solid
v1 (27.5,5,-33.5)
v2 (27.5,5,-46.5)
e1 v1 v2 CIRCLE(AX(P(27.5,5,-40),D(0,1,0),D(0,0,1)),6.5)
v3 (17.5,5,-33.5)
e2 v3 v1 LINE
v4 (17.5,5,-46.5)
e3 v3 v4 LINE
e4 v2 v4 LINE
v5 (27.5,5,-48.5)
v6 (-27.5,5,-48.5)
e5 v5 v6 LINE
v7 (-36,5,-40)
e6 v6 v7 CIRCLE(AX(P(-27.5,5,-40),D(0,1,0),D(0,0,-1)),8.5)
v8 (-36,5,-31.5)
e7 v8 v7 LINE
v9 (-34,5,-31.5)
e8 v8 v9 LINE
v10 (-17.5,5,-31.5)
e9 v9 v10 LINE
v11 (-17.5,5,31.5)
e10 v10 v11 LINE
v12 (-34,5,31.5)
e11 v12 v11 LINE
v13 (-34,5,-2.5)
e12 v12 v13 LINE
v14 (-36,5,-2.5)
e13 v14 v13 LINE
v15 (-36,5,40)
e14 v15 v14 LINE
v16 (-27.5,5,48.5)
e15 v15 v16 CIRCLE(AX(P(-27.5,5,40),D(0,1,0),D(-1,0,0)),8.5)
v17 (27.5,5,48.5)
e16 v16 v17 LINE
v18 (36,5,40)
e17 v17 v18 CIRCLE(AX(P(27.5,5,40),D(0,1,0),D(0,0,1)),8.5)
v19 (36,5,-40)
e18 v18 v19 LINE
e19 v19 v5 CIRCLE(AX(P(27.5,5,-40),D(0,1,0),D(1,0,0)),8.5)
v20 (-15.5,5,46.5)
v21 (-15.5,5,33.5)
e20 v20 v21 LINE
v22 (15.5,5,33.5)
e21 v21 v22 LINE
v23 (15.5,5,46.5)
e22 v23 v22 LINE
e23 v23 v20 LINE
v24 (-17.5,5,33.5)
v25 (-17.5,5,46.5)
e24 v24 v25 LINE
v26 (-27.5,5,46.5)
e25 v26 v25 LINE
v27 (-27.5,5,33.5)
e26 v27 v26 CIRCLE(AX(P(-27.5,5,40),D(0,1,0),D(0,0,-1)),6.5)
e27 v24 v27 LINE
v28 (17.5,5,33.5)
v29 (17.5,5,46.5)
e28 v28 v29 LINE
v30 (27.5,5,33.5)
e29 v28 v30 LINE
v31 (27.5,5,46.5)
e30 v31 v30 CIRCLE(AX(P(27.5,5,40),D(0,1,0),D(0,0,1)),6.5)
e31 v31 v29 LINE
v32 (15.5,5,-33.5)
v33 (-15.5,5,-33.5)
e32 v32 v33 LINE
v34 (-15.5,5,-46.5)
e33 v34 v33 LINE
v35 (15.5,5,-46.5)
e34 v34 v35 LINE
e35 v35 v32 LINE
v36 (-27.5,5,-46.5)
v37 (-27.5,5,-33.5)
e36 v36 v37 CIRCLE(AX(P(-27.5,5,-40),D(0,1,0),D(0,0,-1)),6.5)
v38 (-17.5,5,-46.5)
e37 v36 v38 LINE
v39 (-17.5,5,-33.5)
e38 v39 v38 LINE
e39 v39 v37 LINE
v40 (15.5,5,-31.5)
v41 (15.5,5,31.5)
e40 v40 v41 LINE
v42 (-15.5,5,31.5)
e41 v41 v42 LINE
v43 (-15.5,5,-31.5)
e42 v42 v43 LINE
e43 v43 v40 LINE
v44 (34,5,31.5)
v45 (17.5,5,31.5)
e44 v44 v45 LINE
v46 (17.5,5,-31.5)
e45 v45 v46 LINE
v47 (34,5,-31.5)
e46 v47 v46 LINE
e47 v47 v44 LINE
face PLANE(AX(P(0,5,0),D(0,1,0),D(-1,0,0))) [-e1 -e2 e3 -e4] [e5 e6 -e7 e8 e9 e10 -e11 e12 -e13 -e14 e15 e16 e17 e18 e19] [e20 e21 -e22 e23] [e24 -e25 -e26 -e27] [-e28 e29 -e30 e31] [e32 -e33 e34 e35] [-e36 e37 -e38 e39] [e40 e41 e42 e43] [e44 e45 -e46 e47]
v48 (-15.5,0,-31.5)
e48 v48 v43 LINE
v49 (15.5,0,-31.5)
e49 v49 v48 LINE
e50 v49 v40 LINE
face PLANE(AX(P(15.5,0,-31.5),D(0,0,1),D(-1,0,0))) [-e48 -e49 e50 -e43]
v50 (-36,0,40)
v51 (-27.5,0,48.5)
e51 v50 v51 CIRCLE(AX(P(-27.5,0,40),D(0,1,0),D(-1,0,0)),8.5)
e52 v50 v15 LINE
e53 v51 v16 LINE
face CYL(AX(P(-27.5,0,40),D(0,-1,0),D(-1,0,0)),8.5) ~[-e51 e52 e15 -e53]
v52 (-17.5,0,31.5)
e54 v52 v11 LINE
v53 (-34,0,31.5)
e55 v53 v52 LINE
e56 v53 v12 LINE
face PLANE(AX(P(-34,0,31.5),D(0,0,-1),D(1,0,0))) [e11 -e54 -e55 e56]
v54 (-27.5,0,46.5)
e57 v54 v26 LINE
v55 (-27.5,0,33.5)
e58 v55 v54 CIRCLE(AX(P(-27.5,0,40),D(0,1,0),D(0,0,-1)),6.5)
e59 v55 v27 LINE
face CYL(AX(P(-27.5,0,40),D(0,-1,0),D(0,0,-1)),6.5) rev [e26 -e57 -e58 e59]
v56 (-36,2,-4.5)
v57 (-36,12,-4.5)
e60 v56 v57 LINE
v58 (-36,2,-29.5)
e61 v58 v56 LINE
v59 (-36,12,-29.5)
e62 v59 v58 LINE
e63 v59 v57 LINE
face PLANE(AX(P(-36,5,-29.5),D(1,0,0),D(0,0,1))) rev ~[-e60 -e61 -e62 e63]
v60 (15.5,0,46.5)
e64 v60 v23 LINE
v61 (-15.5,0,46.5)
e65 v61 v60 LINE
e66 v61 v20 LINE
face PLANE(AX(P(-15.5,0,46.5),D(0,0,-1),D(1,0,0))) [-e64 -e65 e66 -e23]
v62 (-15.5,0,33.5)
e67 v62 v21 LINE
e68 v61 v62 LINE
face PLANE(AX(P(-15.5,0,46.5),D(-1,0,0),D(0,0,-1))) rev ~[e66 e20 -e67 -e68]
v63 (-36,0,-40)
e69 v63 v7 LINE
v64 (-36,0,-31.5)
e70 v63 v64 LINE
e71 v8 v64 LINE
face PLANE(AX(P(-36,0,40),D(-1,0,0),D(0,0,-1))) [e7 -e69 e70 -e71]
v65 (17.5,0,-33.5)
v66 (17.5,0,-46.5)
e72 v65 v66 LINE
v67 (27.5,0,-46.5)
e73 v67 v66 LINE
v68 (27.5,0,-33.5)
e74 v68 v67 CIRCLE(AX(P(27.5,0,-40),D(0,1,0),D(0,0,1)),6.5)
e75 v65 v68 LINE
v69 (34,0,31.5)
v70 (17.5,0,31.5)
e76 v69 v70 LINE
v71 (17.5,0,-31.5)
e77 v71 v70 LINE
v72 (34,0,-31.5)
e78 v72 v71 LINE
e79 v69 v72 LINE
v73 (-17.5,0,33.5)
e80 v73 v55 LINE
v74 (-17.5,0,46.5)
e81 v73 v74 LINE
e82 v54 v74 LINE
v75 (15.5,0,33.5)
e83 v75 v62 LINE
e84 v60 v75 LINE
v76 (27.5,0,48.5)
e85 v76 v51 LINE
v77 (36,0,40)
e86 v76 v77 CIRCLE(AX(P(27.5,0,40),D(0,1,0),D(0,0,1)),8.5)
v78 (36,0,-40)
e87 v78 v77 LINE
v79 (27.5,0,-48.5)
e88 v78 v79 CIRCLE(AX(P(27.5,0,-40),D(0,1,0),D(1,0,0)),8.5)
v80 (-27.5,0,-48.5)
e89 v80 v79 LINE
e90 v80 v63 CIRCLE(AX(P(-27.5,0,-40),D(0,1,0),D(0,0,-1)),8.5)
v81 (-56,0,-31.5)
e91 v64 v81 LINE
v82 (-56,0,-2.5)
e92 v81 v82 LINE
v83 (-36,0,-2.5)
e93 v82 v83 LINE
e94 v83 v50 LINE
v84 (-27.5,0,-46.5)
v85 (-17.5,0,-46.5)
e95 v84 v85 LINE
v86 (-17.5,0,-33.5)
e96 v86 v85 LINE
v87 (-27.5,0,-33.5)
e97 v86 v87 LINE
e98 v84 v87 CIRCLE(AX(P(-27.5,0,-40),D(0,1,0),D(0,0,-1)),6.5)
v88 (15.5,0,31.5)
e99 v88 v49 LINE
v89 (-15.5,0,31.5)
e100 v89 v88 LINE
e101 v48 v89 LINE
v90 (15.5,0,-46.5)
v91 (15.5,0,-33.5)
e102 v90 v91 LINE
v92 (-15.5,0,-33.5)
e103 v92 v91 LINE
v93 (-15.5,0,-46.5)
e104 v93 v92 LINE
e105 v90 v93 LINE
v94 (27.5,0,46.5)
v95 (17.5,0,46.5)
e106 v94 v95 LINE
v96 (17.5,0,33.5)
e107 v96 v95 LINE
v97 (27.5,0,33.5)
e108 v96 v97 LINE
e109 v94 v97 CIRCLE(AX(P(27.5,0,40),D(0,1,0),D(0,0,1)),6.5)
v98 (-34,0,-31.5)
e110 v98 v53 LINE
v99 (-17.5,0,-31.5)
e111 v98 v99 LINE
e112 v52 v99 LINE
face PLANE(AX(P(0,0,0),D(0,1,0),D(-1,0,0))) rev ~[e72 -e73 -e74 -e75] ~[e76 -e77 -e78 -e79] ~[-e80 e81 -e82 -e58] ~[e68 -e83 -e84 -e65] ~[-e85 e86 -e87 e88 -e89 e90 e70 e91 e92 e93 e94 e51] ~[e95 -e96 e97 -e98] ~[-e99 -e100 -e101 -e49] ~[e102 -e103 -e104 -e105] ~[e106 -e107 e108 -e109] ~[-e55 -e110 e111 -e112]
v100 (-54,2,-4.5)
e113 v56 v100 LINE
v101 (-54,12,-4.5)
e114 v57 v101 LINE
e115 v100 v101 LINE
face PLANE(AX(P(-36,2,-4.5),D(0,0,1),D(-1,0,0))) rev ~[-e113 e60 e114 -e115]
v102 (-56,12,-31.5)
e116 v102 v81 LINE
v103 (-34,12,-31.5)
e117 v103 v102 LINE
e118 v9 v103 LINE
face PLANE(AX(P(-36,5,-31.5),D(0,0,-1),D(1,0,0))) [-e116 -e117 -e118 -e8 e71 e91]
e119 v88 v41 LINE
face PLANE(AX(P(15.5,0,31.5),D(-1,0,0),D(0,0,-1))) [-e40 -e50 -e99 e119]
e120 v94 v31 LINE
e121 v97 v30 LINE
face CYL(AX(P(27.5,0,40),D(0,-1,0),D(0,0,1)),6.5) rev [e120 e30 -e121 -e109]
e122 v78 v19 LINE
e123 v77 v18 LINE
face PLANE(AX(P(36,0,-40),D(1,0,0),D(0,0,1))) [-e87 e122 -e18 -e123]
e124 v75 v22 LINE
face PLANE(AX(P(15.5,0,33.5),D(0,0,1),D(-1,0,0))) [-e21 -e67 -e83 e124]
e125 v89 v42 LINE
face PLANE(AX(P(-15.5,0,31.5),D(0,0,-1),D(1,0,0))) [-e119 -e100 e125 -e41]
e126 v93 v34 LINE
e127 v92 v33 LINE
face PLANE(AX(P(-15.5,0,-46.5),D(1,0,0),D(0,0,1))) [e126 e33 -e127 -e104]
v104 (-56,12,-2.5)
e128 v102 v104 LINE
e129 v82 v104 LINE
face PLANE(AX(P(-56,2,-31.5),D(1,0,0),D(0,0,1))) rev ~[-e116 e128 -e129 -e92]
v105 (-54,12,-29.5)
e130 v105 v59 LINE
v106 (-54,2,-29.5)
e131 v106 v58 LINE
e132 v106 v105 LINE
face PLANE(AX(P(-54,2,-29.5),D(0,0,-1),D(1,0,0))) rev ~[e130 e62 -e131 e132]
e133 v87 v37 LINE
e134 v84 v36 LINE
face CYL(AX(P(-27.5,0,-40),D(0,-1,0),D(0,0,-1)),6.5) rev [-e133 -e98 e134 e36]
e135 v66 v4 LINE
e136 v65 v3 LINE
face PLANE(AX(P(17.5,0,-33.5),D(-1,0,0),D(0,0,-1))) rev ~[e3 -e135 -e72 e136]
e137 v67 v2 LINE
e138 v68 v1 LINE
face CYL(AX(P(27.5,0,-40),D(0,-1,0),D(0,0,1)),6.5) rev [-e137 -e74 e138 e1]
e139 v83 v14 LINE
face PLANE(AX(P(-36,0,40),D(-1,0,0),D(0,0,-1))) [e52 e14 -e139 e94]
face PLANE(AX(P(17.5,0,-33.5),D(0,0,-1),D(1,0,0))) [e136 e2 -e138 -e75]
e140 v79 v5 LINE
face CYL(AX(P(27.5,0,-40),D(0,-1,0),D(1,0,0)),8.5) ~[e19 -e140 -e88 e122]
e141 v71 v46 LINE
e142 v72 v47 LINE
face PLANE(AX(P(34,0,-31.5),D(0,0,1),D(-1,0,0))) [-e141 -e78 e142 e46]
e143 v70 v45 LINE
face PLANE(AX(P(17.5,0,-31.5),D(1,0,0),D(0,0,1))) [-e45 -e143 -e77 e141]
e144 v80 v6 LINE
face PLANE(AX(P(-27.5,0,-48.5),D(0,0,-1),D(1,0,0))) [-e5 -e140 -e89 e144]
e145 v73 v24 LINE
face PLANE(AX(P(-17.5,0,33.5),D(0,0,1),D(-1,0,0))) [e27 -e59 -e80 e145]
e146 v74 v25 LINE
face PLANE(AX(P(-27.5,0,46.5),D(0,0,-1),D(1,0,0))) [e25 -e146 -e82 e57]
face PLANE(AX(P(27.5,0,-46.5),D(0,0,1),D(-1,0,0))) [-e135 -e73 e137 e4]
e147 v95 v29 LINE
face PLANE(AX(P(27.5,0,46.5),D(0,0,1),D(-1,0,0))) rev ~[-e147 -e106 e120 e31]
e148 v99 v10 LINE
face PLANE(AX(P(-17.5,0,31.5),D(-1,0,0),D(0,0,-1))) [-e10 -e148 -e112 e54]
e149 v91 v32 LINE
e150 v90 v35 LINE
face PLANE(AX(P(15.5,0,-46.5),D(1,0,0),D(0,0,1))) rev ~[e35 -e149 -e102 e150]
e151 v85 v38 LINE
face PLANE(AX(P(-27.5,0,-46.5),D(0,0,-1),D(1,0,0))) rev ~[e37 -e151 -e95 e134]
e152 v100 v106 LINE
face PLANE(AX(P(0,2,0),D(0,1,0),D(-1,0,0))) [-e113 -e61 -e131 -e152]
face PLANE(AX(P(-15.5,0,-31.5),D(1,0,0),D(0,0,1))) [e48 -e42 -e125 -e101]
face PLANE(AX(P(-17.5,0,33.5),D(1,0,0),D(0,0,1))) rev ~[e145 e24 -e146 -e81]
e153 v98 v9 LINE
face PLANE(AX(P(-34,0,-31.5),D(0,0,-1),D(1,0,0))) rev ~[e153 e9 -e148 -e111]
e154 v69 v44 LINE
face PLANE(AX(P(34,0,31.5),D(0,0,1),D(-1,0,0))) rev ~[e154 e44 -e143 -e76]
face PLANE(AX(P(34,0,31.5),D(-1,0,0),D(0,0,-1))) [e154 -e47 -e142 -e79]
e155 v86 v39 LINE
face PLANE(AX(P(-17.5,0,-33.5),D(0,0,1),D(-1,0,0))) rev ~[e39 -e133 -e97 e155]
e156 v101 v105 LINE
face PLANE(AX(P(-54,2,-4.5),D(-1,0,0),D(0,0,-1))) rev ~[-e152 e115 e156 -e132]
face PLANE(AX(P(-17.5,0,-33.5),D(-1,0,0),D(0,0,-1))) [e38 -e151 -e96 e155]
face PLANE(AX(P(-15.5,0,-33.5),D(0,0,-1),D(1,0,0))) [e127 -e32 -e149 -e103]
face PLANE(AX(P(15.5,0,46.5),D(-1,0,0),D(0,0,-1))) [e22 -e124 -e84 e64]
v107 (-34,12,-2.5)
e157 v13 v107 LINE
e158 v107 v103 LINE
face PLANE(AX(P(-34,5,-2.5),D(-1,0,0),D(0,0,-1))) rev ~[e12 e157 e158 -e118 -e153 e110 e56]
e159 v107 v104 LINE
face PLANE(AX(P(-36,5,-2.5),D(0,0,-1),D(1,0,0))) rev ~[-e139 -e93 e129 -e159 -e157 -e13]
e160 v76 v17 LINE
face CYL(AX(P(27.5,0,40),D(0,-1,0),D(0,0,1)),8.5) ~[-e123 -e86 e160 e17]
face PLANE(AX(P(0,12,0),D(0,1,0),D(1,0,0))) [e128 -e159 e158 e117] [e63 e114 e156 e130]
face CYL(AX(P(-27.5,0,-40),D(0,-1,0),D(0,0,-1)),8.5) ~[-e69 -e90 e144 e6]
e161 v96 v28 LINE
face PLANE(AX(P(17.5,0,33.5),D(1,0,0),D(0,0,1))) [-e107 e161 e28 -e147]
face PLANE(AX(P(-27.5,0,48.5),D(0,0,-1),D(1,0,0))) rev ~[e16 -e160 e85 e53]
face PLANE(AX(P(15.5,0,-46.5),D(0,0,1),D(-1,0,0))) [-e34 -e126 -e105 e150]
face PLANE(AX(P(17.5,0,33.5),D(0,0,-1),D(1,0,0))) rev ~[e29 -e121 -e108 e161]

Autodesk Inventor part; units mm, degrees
ref_plane "YZ Plane" through (0, 0, 0) normal (1, 0, 0) x (0, 1, 0)
ref_plane "XZ Plane" through (0, 0, 0) normal (0, 1, 0) x (-1, 0, 0)
ref_plane "XY Plane" through (0, 0, 0) normal (0, 0, 1) x (1, 0, 0)
sketch "Sketch1" plane through (0, 0, 0) normal (0, 1, 0) x (-1, 0, 0)
  line L0 (36, 40) -> (36, 0)
  arc A0 (36, 40) -> (27.5, 48.5) centre (27.5, 40) ccw
  line L1 (27.5, 48.5) -> (0, 48.5)
  line L2 (0, 48.5) -> (0, 0) construction
  arc A1 (27.5, 33.5) -> (27.5, 46.5) centre (27.5, 40) ccw
  line L3 (27.5, 46.5) -> (17.5, 46.5)
  line L4 (17.5, 33.5) -> (27.5, 33.5)
  line L5 (17.5, 33.5) -> (17.5, 46.5)
  line L6 (17.5, 31.5) -> (17.5, 0)
  line L7 (15.5, 33.5) -> (0, 33.5)
  line L8 (15.5, 46.5) -> (0, 46.5)
  line L9 (15.5, 46.5) -> (15.5, 33.5)
  line L10 (15.5, 31.5) -> (15.5, 0)
  line L11 (34, 31.5) -> (17.5, 31.5)
  line L12 (15.5, 31.5) -> (0, 31.5)
  line L13 (34, 31.5) -> (34, 0)
  line L14 (36, 0) -> (0, 0) construction
  line L15 (-36, 40) -> (-36, 0)
  line L16 (-27.5, 48.5) -> (0, 48.5)
  arc A2 (-27.5, 48.5) -> (-36, 40) centre (-27.5, 40) ccw
  arc A3 (-27.5, 46.5) -> (-27.5, 33.5) centre (-27.5, 40) ccw
  line L17 (-27.5, 46.5) -> (-17.5, 46.5)
  line L18 (-17.5, 33.5) -> (-27.5, 33.5)
  line L19 (-17.5, 33.5) -> (-17.5, 46.5)
  line L20 (-17.5, 31.5) -> (-17.5, 0)
  line L21 (-15.5, 33.5) -> (0, 33.5)
  line L22 (-15.5, 46.5) -> (0, 46.5)
  line L23 (-15.5, 46.5) -> (-15.5, 33.5)
  line L24 (-15.5, 31.5) -> (-15.5, 0)
  line L25 (-34, 31.5) -> (-17.5, 31.5)
  line L26 (-15.5, 31.5) -> (0, 31.5)
  line L27 (-34, 31.5) -> (-34, 0)
  line L28 (36, -40) -> (36, 0)
  line L29 (27.5, -48.5) -> (0, -48.5)
  arc A4 (27.5, -48.5) -> (36, -40) centre (27.5, -40) ccw
  line L30 (0, -48.5) -> (0, 0) construction
  arc A5 (27.5, -46.5) -> (27.5, -33.5) centre (27.5, -40) ccw
  line L31 (27.5, -46.5) -> (17.5, -46.5)
  line L32 (17.5, -33.5) -> (27.5, -33.5)
  line L33 (17.5, -33.5) -> (17.5, -46.5)
  line L34 (17.5, -31.5) -> (17.5, 0)
  line L35 (15.5, -33.5) -> (0, -33.5)
  line L36 (15.5, -46.5) -> (0, -46.5)
  line L37 (15.5, -46.5) -> (15.5, -33.5)
  line L38 (15.5, -31.5) -> (15.5, 0)
  line L39 (34, -31.5) -> (17.5, -31.5)
  line L40 (15.5, -31.5) -> (0, -31.5)
  line L41 (34, -31.5) -> (34, 0)
  line L42 (-36, -40) -> (-36, 0)
  line L43 (-17.5, -31.5) -> (-17.5, 0)
  line L44 (-15.5, -31.5) -> (-15.5, 0)
  line L45 (-34, -31.5) -> (-34, 0)
  line L46 (-34, -31.5) -> (-17.5, -31.5)
  line L47 (-17.5, -33.5) -> (-27.5, -33.5)
  arc A6 (-27.5, -33.5) -> (-27.5, -46.5) centre (-27.5, -40) ccw
  arc A7 (-36, -40) -> (-27.5, -48.5) centre (-27.5, -40) ccw
  line L48 (-15.5, -31.5) -> (0, -31.5)
  line L49 (-15.5, -33.5) -> (0, -33.5)
  line L50 (-17.5, -33.5) -> (-17.5, -46.5)
  line L51 (-15.5, -46.5) -> (-15.5, -33.5)
  line L52 (-27.5, -48.5) -> (0, -48.5)
  line L53 (-27.5, -46.5) -> (-17.5, -46.5)
  line L54 (-15.5, -46.5) -> (0, -46.5)
  point P0 (34, 40)
  point P1 (-34, 40)
  point P2 (34, -40)
  point P3 (-34, -40)
  dimension "d42" = 13
  dimension "d43" = 10
  dimension "d45" = 2
  dimension "d46" = 2
  dimension "d47" = 48.5
  dimension "d48" = 27.5
  dimension "d49" = 2
  dimension "d50" = 2
  dimension "d51" = 2
  dimension "d53" = 31.5
extrude "Extrusion1" add sketch "Sketch1" along normal blind 5
sketch "Sketch4" plane through (0, 0, 0) normal (0, -1, 0) x (1, 0, 0)
  point P0 (0, 0)
sketch "Sketch5" plane through (0, 0, 0) normal (0, 1, 0) x (-1, 0, 0)
  line L0 (27.5, 48.5) -> (-27.5, 48.5) projected
  arc A0 (-27.5, 48.5) -> (-36, 40) centre (-27.5, 40) ccw projected
  line L1 (-36, 40) -> (-36, -40) projected
  arc A1 (-36, -40) -> (-27.5, -48.5) centre (-27.5, -40) ccw projected
  line L2 (-27.5, -48.5) -> (27.5, -48.5) projected
  arc A2 (27.5, -48.5) -> (36, -40) centre (27.5, -40) ccw projected
  line L3 (36, -40) -> (36, 40) projected
  arc A3 (36, 40) -> (27.5, 48.5) centre (27.5, 40) ccw projected
  line L4 (-17.5, -33.5) -> (-17.5, -46.5) projected
  line L5 (-17.5, -46.5) -> (-27.5, -46.5) projected
  arc A4 (-27.5, -33.5) -> (-27.5, -46.5) centre (-27.5, -40) ccw projected
  line L6 (-27.5, -33.5) -> (-17.5, -33.5) projected
  line L7 (-15.5, -46.5) -> (-15.5, -33.5) projected
  line L8 (-15.5, -33.5) -> (15.5, -33.5) projected
  line L9 (15.5, -33.5) -> (15.5, -46.5) projected
  line L10 (15.5, -46.5) -> (-15.5, -46.5) projected
  line L11 (27.5, -46.5) -> (17.5, -46.5) projected
  line L12 (17.5, -46.5) -> (17.5, -33.5) projected
  line L13 (17.5, -33.5) -> (27.5, -33.5) projected
  arc A5 (27.5, -46.5) -> (27.5, -33.5) centre (27.5, -40) ccw projected
  line L14 (-27.5, 46.5) -> (-17.5, 46.5) projected
  line L15 (-17.5, 46.5) -> (-17.5, 33.5) projected
  line L16 (-17.5, 33.5) -> (-27.5, 33.5) projected
  arc A6 (-27.5, 46.5) -> (-27.5, 33.5) centre (-27.5, 40) ccw projected
  line L17 (-34, 31.5) -> (-17.5, 31.5) projected
  line L18 (-17.5, 31.5) -> (-17.5, -31.5) projected
  line L19 (-17.5, -31.5) -> (-34, -31.5) projected
  line L20 (-34, -31.5) -> (-34, 31.5) projected
  line L21 (-15.5, 31.5) -> (15.5, 31.5) projected
  line L22 (15.5, 31.5) -> (15.5, -31.5) projected
  line L23 (15.5, -31.5) -> (-15.5, -31.5) projected
  line L24 (-15.5, -31.5) -> (-15.5, 31.5) projected
  line L25 (15.5, 46.5) -> (15.5, 33.5) projected
  line L26 (15.5, 33.5) -> (-15.5, 33.5) projected
  line L27 (-15.5, 33.5) -> (-15.5, 46.5) projected
  line L28 (-15.5, 46.5) -> (15.5, 46.5) projected
  line L29 (34, 31.5) -> (34, -31.5) projected
  line L30 (34, -31.5) -> (17.5, -31.5) projected
  line L31 (17.5, -31.5) -> (17.5, 31.5) projected
  line L32 (17.5, 31.5) -> (34, 31.5) projected
  line L33 (17.5, 33.5) -> (17.5, 46.5) projected
  line L34 (17.5, 46.5) -> (27.5, 46.5) projected
  arc A7 (27.5, 33.5) -> (27.5, 46.5) centre (27.5, 40) ccw projected
  line L35 (27.5, 33.5) -> (17.5, 33.5) projected
  line L36 (36, -31.5) -> (56, -31.5)
  line L37 (56, -31.5) -> (56, -2.5)
  line L38 (56, -2.5) -> (36, -2.5)
  point P0 (0, 0)
  dimension "d54" = 20
  dimension "d55" = 29
extrude "Extrusion4" add sketch "Sketch5" along normal blind 2 contours L38 L37 L36 L3
sketch "Sketch6" plane through (0, 2, 0) normal (0, 1, 0) x (1, 0, 0)
  line L0 (-56, 2.5) -> (-36, 2.5) projected
  line L1 (-36, 31.5) -> (-36, 2.5) projected
  line L2 (-36, 31.5) -> (-56, 31.5) projected
  line L3 (-56, 31.5) -> (-56, 2.5) projected
  line L4 (-54, 29.5) -> (-36, 29.5)
  line L5 (-36, 4.5) -> (-54, 4.5)
  line L6 (-54, 4.5) -> (-54, 29.5)
  point P0 (0, 0)
  point P1 (-46, 2.5)
  dimension "d58" = 2
  dimension "d60" = 2
extrude "Extrusion5" add sketch "Sketch6" along normal blind 10 contours L3 L2 L1 L4 L6 L5 L0
sketch "Sketch7" plane through (0, 5, 0) normal (0, 1, 0) x (1, 0, 0)
  line L0 (-36, 31.5) -> (-56, 31.5) projected
  line L1 (-34, -31.5) -> (-34, 31.5) projected
  line L2 (-36, 31.5) -> (-34, 31.5)
  line L3 (-36, 2.5) -> (-34, 2.5)
  line L4 (-27.5, -48.5) -> (27.5, -48.5) projected
  arc A0 (27.5, -48.5) -> (36, -40) centre (27.5, -40) ccw projected
  line L5 (36, -40) -> (36, 40) projected
  arc A1 (36, 40) -> (27.5, 48.5) centre (27.5, 40) ccw projected
  line L6 (27.5, 48.5) -> (-27.5, 48.5) projected
  arc A2 (-27.5, 48.5) -> (-36, 40) centre (-27.5, 40) ccw projected
  line L7 (-36, 40) -> (-36, 31.5) projected
  line L8 (-36, 31.5) -> (-36, 29.5) projected
  line L9 (-36, 29.5) -> (-36, 4.5) projected
  line L10 (-36, 4.5) -> (-36, 2.5) projected
  line L11 (-36, 2.5) -> (-36, -40) projected
  arc A3 (-36, -40) -> (-27.5, -48.5) centre (-27.5, -40) ccw projected
  line L12 (17.5, 33.5) -> (17.5, 46.5) projected
  line L13 (17.5, 46.5) -> (27.5, 46.5) projected
  arc A4 (27.5, 33.5) -> (27.5, 46.5) centre (27.5, 40) ccw projected
  line L14 (27.5, 33.5) -> (17.5, 33.5) projected
  line L15 (15.5, 46.5) -> (15.5, 33.5) projected
  line L16 (15.5, 33.5) -> (-15.5, 33.5) projected
  line L17 (-15.5, 33.5) -> (-15.5, 46.5) projected
  line L18 (-15.5, 46.5) -> (15.5, 46.5) projected
  line L19 (-27.5, 46.5) -> (-17.5, 46.5) projected
  line L20 (-17.5, 46.5) -> (-17.5, 33.5) projected
  line L21 (-17.5, 33.5) -> (-27.5, 33.5) projected
  arc A5 (-27.5, 46.5) -> (-27.5, 33.5) centre (-27.5, 40) ccw projected
  line L22 (27.5, -46.5) -> (17.5, -46.5) projected
  line L23 (17.5, -46.5) -> (17.5, -33.5) projected
  line L24 (17.5, -33.5) -> (27.5, -33.5) projected
  arc A6 (27.5, -46.5) -> (27.5, -33.5) centre (27.5, -40) ccw projected
  line L25 (34, -31.5) -> (17.5, -31.5) projected
  line L26 (17.5, -31.5) -> (17.5, 31.5) projected
  line L27 (17.5, 31.5) -> (34, 31.5) projected
  line L28 (34, 31.5) -> (34, -31.5) projected
  line L29 (15.5, -31.5) -> (-15.5, -31.5) projected
  line L30 (-15.5, -31.5) -> (-15.5, 31.5) projected
  line L31 (-15.5, 31.5) -> (15.5, 31.5) projected
  line L32 (15.5, 31.5) -> (15.5, -31.5) projected
  line L33 (-15.5, -46.5) -> (-15.5, -33.5) projected
  line L34 (-15.5, -33.5) -> (15.5, -33.5) projected
  line L35 (15.5, -33.5) -> (15.5, -46.5) projected
  line L36 (15.5, -46.5) -> (-15.5, -46.5) projected
  line L37 (-34, -31.5) -> (-34, 31.5) projected
  line L38 (-34, 31.5) -> (-17.5, 31.5) projected
  line L39 (-17.5, 31.5) -> (-17.5, -31.5) projected
  line L40 (-17.5, -31.5) -> (-34, -31.5) projected
  line L41 (-17.5, -33.5) -> (-17.5, -46.5) projected
  line L42 (-17.5, -46.5) -> (-27.5, -46.5) projected
  arc A7 (-27.5, -33.5) -> (-27.5, -46.5) centre (-27.5, -40) ccw projected
  line L43 (-27.5, -33.5) -> (-17.5, -33.5) projected
  point P0 (0, 0)
extrude "Extrusion6" add sketch "Sketch7" along normal blind 7 contours L3 L10 L9 L8 L2 L1
equation "\"d50\" = d49"
equation "\"d51\" = d46"
equation "\"d60\" = d58"
equation "\"d21\" = d20"
equation "\"d33\" = d32"
equation "\"d20\" = 2"
equation "\"d32\" = 2"
properties part number "Stand Brace"
